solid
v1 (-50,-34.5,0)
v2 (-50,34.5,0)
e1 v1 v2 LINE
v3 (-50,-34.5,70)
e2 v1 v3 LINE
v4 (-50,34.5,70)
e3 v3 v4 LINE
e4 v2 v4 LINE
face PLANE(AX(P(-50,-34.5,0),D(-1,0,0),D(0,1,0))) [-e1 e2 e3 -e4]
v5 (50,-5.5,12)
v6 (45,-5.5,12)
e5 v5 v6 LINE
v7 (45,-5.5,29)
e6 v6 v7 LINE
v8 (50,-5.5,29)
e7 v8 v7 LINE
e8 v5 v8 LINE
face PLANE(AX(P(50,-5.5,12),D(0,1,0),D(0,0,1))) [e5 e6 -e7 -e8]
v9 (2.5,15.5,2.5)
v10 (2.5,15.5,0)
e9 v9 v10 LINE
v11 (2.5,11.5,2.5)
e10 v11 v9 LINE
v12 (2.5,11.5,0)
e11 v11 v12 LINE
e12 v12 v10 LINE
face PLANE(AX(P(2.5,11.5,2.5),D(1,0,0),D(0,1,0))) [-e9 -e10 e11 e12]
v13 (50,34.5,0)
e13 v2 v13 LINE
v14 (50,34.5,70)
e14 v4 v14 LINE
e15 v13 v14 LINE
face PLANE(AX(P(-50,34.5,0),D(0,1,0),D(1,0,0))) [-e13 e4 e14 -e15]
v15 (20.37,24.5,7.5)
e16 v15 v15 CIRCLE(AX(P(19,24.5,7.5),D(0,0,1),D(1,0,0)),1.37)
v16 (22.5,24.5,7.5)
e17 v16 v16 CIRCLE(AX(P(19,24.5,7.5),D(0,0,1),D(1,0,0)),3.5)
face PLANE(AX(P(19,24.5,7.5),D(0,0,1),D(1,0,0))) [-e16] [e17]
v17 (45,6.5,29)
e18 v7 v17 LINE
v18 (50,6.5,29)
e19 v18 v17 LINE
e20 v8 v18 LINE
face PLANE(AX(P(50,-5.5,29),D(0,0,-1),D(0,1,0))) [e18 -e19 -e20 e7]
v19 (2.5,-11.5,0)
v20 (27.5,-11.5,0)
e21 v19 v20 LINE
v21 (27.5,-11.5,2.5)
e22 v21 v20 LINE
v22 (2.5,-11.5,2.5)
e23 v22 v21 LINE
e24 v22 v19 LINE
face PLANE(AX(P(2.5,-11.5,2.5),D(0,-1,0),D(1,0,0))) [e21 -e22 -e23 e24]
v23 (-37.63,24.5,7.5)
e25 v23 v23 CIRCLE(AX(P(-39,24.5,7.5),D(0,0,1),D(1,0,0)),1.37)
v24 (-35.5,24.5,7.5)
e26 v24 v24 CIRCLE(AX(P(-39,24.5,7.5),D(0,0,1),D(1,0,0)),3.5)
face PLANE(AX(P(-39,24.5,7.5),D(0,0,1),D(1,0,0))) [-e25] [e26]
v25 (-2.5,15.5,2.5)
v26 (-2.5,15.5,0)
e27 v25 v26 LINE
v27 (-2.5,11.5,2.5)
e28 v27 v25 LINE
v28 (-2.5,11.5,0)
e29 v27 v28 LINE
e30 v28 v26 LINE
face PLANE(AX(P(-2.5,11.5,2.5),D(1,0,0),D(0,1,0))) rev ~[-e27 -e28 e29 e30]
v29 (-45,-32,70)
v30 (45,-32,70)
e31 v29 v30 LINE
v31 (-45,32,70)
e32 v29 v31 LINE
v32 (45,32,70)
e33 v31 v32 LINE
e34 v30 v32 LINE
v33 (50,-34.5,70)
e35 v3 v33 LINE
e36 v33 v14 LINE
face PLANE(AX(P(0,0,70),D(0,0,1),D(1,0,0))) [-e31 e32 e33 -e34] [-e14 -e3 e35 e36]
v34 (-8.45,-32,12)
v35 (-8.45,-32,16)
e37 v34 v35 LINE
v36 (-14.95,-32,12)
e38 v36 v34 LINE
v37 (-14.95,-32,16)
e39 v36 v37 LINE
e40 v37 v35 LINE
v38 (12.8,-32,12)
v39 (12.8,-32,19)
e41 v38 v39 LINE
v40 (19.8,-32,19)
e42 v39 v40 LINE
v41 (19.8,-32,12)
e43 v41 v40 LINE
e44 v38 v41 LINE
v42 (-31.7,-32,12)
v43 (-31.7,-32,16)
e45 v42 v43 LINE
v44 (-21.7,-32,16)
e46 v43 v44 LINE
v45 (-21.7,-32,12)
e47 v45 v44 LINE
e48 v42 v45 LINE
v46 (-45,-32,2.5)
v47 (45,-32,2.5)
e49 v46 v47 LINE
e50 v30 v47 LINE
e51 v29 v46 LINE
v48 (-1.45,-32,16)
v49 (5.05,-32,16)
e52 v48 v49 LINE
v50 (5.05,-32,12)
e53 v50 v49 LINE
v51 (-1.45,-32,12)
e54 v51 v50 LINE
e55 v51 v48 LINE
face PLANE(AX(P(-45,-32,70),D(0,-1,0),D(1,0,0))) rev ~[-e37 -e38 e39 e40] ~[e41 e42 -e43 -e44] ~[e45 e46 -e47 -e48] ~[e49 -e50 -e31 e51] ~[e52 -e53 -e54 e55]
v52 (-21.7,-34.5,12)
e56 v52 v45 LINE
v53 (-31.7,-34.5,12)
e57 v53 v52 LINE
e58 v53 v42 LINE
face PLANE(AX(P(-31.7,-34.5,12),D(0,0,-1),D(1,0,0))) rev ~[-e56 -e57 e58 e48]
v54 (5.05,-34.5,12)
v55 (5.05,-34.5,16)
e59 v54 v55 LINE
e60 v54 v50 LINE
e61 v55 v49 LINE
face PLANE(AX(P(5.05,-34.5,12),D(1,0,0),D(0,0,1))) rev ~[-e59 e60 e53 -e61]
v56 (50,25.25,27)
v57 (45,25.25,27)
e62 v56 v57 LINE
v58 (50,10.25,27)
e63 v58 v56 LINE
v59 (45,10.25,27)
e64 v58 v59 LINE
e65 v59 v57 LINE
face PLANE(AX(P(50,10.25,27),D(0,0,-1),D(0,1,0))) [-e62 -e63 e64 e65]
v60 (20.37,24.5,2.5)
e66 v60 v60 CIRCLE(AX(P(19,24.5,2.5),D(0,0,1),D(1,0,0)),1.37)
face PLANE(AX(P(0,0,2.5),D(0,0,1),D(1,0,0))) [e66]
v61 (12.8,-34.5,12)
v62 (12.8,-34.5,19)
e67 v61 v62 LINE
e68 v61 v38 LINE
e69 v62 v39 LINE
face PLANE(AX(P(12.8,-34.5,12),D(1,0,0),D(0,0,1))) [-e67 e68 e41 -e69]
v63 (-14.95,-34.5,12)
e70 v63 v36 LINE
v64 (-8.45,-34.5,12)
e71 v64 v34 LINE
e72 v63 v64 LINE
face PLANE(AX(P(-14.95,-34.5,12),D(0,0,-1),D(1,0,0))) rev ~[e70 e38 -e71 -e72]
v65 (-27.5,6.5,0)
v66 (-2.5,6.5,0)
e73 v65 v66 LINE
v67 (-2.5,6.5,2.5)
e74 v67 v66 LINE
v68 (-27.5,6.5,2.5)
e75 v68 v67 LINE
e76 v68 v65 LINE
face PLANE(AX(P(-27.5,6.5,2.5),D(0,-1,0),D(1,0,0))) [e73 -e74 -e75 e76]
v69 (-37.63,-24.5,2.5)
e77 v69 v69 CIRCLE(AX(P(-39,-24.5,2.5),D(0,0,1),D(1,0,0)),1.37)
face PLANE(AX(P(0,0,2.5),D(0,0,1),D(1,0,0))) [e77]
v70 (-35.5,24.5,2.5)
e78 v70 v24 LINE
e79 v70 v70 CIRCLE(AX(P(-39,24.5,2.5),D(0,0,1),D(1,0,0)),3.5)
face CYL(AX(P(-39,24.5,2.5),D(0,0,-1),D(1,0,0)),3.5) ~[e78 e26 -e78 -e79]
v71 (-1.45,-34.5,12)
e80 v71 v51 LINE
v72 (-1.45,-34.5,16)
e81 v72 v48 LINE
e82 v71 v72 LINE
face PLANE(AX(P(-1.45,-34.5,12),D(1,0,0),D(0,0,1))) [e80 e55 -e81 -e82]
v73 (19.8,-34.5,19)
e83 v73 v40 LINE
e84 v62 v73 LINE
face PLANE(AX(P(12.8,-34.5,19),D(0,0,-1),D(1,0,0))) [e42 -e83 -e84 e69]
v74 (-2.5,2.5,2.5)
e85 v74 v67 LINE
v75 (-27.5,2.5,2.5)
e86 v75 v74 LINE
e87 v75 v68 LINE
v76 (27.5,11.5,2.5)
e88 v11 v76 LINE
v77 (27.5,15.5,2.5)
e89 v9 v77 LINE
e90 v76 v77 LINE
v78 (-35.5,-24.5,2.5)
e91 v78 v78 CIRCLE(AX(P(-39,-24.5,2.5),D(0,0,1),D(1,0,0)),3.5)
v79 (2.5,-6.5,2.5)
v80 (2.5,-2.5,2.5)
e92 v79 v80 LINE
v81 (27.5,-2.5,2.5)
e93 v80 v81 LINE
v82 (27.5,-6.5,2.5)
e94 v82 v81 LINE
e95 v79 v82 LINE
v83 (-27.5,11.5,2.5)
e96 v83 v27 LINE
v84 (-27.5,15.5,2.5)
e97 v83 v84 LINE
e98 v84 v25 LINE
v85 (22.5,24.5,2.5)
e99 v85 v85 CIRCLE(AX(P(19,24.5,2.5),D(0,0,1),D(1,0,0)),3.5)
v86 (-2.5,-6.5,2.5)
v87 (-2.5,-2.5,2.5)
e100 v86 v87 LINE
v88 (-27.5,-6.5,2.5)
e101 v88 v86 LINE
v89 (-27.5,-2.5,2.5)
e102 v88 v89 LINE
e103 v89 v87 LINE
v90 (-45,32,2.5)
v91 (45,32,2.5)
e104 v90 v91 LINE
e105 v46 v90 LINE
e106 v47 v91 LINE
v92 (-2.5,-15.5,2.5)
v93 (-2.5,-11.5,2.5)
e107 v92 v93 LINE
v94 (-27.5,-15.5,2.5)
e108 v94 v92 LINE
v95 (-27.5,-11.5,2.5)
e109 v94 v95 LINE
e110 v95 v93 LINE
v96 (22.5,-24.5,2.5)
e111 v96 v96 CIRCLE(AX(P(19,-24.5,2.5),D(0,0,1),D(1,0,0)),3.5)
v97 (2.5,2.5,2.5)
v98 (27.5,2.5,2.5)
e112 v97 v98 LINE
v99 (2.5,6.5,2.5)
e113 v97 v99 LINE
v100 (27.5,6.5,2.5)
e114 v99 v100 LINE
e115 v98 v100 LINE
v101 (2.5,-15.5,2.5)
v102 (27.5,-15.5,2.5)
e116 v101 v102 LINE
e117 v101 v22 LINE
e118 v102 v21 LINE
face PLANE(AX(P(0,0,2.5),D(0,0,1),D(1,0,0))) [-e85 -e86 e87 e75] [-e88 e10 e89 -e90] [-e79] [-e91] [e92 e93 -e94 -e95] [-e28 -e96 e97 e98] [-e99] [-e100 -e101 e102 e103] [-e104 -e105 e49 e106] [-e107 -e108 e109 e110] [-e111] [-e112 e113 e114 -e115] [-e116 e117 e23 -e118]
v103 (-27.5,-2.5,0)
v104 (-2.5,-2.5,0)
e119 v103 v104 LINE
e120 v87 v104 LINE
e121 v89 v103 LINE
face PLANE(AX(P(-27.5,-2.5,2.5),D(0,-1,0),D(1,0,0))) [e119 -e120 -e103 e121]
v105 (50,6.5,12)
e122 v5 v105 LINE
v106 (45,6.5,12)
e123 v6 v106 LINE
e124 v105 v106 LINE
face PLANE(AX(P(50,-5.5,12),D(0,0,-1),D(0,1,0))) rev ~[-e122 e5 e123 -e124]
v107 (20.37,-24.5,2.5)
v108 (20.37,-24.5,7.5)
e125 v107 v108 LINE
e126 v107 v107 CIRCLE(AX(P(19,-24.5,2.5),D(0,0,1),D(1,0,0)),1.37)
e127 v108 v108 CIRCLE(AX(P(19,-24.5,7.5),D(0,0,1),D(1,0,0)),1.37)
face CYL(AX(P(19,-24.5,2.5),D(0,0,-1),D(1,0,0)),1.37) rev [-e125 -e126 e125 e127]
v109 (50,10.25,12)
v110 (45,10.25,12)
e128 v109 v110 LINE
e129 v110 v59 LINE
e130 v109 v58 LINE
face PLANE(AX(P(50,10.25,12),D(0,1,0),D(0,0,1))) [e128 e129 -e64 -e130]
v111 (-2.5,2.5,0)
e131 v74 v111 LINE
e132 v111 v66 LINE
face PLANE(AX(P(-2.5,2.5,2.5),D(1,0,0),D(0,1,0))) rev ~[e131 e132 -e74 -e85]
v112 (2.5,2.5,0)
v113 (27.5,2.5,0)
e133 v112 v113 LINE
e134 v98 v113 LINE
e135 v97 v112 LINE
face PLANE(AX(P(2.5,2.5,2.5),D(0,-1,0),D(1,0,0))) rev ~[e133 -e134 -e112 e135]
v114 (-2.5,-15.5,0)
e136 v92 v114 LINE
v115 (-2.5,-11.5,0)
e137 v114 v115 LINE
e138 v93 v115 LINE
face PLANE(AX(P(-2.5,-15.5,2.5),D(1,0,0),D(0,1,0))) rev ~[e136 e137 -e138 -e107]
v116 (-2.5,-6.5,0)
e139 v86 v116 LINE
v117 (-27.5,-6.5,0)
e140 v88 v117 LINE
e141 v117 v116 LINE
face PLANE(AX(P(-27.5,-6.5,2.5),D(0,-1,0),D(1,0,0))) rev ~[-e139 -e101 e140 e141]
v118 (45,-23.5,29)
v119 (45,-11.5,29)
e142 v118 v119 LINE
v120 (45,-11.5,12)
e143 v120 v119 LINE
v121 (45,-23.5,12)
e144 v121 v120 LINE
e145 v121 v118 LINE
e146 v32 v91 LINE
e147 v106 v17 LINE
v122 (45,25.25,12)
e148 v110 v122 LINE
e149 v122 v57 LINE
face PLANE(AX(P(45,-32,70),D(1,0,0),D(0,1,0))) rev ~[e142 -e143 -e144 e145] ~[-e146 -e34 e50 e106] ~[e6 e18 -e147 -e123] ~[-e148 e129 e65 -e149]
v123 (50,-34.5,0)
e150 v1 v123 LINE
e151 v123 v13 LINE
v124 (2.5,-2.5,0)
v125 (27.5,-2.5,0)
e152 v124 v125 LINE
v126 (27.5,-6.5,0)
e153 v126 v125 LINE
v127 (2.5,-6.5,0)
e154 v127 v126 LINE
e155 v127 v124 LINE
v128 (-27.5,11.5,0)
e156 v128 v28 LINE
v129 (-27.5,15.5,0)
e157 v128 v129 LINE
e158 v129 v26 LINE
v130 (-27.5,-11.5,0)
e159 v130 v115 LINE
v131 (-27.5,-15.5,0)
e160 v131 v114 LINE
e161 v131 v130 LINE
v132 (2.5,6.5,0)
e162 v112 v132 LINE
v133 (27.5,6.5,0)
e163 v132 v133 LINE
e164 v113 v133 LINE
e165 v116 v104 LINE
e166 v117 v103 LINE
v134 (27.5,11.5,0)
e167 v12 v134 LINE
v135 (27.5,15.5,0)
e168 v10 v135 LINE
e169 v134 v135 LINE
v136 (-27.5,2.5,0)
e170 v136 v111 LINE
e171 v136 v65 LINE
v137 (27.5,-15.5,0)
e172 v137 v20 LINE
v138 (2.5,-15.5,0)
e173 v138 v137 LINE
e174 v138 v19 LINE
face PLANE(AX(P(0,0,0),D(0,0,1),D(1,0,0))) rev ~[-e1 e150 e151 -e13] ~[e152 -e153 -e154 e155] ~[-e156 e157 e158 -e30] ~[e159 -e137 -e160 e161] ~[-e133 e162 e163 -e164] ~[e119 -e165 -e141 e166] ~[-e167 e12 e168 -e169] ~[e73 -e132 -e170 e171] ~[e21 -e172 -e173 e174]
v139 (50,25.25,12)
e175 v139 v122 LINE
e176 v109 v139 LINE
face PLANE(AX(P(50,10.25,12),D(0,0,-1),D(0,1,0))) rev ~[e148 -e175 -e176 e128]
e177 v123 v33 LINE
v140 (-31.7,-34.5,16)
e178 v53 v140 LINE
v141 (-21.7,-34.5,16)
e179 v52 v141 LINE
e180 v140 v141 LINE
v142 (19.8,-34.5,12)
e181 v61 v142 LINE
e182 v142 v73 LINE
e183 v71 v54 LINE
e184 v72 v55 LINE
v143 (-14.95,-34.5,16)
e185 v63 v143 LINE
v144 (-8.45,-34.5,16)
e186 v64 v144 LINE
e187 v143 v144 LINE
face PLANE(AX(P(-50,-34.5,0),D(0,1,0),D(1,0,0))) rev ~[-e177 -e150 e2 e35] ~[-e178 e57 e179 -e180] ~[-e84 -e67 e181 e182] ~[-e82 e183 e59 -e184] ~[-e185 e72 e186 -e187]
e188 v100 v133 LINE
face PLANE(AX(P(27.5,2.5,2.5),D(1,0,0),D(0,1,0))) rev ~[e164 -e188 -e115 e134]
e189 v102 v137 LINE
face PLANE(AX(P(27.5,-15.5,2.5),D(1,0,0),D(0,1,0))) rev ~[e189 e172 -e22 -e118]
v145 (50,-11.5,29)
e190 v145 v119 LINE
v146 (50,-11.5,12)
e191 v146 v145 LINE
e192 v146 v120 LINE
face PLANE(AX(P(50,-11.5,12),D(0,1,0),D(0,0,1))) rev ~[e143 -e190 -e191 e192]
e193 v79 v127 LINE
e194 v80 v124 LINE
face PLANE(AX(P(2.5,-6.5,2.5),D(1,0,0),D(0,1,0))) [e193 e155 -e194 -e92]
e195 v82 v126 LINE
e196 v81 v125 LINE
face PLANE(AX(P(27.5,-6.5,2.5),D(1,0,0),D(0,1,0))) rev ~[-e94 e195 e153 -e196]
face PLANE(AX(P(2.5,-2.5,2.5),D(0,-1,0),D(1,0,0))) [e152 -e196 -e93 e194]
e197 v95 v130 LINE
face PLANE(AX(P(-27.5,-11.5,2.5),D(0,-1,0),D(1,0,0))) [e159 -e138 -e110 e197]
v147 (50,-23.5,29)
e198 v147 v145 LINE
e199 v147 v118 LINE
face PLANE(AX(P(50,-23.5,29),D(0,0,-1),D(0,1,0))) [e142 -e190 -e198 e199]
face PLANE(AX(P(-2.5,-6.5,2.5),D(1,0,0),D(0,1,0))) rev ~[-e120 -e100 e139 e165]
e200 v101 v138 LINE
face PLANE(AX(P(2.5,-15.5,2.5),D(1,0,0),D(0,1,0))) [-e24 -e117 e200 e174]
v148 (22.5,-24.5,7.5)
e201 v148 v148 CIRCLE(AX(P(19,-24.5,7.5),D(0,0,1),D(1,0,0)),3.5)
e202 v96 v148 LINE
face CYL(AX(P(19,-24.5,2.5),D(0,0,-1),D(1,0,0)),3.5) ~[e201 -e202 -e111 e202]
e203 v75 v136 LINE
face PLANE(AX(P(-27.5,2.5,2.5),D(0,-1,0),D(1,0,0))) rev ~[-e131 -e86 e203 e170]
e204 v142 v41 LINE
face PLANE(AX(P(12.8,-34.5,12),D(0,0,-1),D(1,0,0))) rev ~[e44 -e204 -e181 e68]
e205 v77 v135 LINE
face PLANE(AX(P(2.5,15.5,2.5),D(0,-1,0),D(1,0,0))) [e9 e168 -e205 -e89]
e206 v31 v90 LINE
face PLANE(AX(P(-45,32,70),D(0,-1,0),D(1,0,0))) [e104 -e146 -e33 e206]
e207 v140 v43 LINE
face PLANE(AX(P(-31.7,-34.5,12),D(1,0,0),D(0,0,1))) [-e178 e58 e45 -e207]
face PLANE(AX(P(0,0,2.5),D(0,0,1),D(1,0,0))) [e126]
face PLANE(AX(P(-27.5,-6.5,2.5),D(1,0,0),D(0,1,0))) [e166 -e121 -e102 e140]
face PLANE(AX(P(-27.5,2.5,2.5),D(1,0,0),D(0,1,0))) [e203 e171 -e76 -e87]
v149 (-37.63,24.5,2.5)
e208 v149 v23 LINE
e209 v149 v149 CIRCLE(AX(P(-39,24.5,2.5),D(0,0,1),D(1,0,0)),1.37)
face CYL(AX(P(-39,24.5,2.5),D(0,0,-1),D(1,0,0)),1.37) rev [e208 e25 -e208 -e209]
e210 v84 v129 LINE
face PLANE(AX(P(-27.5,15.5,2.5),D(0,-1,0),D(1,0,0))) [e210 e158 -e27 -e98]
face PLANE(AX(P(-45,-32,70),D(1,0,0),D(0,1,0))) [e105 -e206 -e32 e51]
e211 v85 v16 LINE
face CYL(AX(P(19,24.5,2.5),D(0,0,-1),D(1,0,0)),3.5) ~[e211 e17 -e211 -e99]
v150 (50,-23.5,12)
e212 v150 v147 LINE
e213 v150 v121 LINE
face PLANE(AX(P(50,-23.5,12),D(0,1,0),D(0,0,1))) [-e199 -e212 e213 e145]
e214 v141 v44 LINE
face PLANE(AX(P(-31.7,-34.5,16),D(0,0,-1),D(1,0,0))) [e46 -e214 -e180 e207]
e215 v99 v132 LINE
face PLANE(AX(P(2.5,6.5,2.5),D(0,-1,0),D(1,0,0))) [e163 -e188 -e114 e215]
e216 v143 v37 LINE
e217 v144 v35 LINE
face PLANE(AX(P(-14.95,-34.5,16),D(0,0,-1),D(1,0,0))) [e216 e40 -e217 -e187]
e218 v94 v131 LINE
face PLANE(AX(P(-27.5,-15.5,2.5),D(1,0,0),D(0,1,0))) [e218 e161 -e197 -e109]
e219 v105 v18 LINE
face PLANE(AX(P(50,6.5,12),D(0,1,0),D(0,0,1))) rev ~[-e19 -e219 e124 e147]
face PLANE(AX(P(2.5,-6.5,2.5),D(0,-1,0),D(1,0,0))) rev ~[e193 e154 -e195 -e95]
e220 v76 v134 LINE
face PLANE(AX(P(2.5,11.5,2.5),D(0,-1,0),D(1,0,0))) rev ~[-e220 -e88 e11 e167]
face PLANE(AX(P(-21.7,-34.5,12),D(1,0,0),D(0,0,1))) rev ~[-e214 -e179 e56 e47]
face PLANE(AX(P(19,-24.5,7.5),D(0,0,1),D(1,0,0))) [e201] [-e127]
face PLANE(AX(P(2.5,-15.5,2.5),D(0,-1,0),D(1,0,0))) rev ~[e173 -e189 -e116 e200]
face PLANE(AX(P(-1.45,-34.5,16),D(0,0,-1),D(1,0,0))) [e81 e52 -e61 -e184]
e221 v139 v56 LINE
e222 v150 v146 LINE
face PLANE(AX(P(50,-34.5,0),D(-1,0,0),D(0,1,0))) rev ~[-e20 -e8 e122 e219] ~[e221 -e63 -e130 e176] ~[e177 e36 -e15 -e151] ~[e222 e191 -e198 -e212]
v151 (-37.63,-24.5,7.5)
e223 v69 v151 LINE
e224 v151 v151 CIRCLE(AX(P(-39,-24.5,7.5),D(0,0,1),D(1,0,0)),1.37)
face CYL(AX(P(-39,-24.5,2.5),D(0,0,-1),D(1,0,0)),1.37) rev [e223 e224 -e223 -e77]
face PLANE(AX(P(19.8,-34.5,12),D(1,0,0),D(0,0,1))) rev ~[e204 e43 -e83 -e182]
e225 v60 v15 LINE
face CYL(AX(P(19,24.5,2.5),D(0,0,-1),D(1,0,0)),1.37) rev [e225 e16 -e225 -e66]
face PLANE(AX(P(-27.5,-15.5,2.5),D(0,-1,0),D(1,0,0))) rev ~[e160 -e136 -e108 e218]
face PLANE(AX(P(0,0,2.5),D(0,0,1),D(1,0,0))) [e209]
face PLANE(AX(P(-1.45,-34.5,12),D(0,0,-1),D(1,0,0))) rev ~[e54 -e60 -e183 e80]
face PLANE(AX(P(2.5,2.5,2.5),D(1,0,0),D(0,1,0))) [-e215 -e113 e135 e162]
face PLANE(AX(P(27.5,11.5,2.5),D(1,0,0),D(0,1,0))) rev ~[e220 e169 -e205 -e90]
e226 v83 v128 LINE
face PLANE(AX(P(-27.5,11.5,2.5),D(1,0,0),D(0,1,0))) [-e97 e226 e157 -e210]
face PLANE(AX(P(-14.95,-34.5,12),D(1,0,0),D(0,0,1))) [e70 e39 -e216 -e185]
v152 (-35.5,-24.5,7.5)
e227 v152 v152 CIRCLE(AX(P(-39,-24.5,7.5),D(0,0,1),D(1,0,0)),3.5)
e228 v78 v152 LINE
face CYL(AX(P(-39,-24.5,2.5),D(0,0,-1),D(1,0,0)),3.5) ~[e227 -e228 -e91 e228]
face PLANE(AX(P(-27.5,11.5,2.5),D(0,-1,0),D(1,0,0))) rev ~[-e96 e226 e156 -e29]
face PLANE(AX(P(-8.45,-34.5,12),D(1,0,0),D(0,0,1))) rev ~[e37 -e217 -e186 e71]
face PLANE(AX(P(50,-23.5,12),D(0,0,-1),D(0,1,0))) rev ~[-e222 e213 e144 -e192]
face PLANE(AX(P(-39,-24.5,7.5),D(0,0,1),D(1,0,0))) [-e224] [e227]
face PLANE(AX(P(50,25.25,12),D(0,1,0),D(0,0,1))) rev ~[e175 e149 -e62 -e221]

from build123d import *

# Parameters (mm, degrees)
SKETCH_W        = 100
SKETCH_H        = 69
PAD_DEPTH       = 70
SKETCH001_W     = 90
SKETCH001_H     = 64
POCKET_DEPTH    = 67.5
SKETCH002_R     = 3.5
SKETCH002_R_2   = 1.37
PAD001_DEPTH    = 5
SKETCH003_W     = 10
SKETCH003_H     = 4
SKETCH003_W_2   = 6.5
SKETCH003_W_3   = 7
SKETCH003_H_2   = 7
POCKET001_DEPTH = 5
SKETCH004_W     = 12
SKETCH004_H     = 17
SKETCH004_W_2   = 15
SKETCH004_H_2   = 15
POCKET002_DEPTH = 5
SKETCH005_W     = 25
SKETCH005_H     = 4
POCKET003_DEPTH = 5


with BuildPart() as part:
    # Sketch → Pad (new body)
    with BuildSketch(Plane.XY):
        Rectangle(SKETCH_W, SKETCH_H)
    extrude(amount=PAD_DEPTH)

    # Sketch001 (on Face6 of Pad) → Pocket (cut)
    with BuildSketch(Plane.XY.offset(70)):
        Rectangle(SKETCH001_W, SKETCH001_H)
    extrude(amount=-POCKET_DEPTH, mode=Mode.SUBTRACT)

    # Sketch002 (on Face11 of Pocket) → Pad001 (join)
    with BuildSketch(Plane.XY.offset(2.5)):
        with Locations((-39, 24.5)):
            Circle(SKETCH002_R)
        with Locations((-39, 24.5)):
            Circle(SKETCH002_R_2, mode=Mode.SUBTRACT)
        with Locations((19, 24.5)):
            Circle(SKETCH002_R)
        with Locations((19, 24.5)):
            Circle(SKETCH002_R_2, mode=Mode.SUBTRACT)
        with Locations((-39, -24.5)):
            Circle(SKETCH002_R)
        with Locations((-39, -24.5)):
            Circle(SKETCH002_R_2, mode=Mode.SUBTRACT)
        with Locations((19, -24.5)):
            Circle(SKETCH002_R)
        with Locations((19, -24.5)):
            Circle(SKETCH002_R_2, mode=Mode.SUBTRACT)
    extrude(amount=PAD001_DEPTH)

    # Sketch003 (on Face6 of Pad001) → Pocket001 (cut)
    with BuildSketch(Plane.XZ.offset(34.5)):
        with Locations((-26.7, 14)):
            Rectangle(SKETCH003_W, SKETCH003_H)
        with Locations((-11.7, 14)):
            Rectangle(SKETCH003_W_2, SKETCH003_H)
        with Locations((1.8, 14)):
            Rectangle(SKETCH003_W_2, SKETCH003_H)
        with Locations((16.3, 15.5)):
            Rectangle(SKETCH003_W_3, SKETCH003_H_2)
    extrude(amount=-POCKET001_DEPTH, mode=Mode.SUBTRACT)

    # Sketch004 (on Face3 of Pocket001) → Pocket002 (cut)
    with BuildSketch(Plane.YZ.offset(50)):
        with Locations((-17.5, 20.5)):
            Rectangle(SKETCH004_W, SKETCH004_H)
        with Locations((0.5, 20.5)):
            Rectangle(SKETCH004_W, SKETCH004_H)
        with Locations((17.75, 19.5)):
            Rectangle(SKETCH004_W_2, SKETCH004_H_2)
    extrude(amount=-POCKET002_DEPTH, mode=Mode.SUBTRACT)

    # Sketch005 (on Face39 of Pocket002) → Pocket003 (cut)
    with BuildSketch(Plane.XY.offset(2.5)):
        with Locations((-15, 13.5)):
            Rectangle(SKETCH005_W, SKETCH005_H)
        with Locations((15, 13.5)):
            Rectangle(SKETCH005_W, SKETCH005_H)
        with Locations((-15, 4.5)):
            Rectangle(SKETCH005_W, SKETCH005_H)
        with Locations((15, 4.5)):
            Rectangle(SKETCH005_W, SKETCH005_H)
        with Locations((-15, -4.5)):
            Rectangle(SKETCH005_W, SKETCH005_H)
        with Locations((15, -4.5)):
            Rectangle(SKETCH005_W, SKETCH005_H)
        with Locations((-15, -13.5)):
            Rectangle(SKETCH005_W, SKETCH005_H)
        with Locations((15, -13.5)):
            Rectangle(SKETCH005_W, SKETCH005_H)
    extrude(amount=-POCKET003_DEPTH, mode=Mode.SUBTRACT)


solid = part.part
